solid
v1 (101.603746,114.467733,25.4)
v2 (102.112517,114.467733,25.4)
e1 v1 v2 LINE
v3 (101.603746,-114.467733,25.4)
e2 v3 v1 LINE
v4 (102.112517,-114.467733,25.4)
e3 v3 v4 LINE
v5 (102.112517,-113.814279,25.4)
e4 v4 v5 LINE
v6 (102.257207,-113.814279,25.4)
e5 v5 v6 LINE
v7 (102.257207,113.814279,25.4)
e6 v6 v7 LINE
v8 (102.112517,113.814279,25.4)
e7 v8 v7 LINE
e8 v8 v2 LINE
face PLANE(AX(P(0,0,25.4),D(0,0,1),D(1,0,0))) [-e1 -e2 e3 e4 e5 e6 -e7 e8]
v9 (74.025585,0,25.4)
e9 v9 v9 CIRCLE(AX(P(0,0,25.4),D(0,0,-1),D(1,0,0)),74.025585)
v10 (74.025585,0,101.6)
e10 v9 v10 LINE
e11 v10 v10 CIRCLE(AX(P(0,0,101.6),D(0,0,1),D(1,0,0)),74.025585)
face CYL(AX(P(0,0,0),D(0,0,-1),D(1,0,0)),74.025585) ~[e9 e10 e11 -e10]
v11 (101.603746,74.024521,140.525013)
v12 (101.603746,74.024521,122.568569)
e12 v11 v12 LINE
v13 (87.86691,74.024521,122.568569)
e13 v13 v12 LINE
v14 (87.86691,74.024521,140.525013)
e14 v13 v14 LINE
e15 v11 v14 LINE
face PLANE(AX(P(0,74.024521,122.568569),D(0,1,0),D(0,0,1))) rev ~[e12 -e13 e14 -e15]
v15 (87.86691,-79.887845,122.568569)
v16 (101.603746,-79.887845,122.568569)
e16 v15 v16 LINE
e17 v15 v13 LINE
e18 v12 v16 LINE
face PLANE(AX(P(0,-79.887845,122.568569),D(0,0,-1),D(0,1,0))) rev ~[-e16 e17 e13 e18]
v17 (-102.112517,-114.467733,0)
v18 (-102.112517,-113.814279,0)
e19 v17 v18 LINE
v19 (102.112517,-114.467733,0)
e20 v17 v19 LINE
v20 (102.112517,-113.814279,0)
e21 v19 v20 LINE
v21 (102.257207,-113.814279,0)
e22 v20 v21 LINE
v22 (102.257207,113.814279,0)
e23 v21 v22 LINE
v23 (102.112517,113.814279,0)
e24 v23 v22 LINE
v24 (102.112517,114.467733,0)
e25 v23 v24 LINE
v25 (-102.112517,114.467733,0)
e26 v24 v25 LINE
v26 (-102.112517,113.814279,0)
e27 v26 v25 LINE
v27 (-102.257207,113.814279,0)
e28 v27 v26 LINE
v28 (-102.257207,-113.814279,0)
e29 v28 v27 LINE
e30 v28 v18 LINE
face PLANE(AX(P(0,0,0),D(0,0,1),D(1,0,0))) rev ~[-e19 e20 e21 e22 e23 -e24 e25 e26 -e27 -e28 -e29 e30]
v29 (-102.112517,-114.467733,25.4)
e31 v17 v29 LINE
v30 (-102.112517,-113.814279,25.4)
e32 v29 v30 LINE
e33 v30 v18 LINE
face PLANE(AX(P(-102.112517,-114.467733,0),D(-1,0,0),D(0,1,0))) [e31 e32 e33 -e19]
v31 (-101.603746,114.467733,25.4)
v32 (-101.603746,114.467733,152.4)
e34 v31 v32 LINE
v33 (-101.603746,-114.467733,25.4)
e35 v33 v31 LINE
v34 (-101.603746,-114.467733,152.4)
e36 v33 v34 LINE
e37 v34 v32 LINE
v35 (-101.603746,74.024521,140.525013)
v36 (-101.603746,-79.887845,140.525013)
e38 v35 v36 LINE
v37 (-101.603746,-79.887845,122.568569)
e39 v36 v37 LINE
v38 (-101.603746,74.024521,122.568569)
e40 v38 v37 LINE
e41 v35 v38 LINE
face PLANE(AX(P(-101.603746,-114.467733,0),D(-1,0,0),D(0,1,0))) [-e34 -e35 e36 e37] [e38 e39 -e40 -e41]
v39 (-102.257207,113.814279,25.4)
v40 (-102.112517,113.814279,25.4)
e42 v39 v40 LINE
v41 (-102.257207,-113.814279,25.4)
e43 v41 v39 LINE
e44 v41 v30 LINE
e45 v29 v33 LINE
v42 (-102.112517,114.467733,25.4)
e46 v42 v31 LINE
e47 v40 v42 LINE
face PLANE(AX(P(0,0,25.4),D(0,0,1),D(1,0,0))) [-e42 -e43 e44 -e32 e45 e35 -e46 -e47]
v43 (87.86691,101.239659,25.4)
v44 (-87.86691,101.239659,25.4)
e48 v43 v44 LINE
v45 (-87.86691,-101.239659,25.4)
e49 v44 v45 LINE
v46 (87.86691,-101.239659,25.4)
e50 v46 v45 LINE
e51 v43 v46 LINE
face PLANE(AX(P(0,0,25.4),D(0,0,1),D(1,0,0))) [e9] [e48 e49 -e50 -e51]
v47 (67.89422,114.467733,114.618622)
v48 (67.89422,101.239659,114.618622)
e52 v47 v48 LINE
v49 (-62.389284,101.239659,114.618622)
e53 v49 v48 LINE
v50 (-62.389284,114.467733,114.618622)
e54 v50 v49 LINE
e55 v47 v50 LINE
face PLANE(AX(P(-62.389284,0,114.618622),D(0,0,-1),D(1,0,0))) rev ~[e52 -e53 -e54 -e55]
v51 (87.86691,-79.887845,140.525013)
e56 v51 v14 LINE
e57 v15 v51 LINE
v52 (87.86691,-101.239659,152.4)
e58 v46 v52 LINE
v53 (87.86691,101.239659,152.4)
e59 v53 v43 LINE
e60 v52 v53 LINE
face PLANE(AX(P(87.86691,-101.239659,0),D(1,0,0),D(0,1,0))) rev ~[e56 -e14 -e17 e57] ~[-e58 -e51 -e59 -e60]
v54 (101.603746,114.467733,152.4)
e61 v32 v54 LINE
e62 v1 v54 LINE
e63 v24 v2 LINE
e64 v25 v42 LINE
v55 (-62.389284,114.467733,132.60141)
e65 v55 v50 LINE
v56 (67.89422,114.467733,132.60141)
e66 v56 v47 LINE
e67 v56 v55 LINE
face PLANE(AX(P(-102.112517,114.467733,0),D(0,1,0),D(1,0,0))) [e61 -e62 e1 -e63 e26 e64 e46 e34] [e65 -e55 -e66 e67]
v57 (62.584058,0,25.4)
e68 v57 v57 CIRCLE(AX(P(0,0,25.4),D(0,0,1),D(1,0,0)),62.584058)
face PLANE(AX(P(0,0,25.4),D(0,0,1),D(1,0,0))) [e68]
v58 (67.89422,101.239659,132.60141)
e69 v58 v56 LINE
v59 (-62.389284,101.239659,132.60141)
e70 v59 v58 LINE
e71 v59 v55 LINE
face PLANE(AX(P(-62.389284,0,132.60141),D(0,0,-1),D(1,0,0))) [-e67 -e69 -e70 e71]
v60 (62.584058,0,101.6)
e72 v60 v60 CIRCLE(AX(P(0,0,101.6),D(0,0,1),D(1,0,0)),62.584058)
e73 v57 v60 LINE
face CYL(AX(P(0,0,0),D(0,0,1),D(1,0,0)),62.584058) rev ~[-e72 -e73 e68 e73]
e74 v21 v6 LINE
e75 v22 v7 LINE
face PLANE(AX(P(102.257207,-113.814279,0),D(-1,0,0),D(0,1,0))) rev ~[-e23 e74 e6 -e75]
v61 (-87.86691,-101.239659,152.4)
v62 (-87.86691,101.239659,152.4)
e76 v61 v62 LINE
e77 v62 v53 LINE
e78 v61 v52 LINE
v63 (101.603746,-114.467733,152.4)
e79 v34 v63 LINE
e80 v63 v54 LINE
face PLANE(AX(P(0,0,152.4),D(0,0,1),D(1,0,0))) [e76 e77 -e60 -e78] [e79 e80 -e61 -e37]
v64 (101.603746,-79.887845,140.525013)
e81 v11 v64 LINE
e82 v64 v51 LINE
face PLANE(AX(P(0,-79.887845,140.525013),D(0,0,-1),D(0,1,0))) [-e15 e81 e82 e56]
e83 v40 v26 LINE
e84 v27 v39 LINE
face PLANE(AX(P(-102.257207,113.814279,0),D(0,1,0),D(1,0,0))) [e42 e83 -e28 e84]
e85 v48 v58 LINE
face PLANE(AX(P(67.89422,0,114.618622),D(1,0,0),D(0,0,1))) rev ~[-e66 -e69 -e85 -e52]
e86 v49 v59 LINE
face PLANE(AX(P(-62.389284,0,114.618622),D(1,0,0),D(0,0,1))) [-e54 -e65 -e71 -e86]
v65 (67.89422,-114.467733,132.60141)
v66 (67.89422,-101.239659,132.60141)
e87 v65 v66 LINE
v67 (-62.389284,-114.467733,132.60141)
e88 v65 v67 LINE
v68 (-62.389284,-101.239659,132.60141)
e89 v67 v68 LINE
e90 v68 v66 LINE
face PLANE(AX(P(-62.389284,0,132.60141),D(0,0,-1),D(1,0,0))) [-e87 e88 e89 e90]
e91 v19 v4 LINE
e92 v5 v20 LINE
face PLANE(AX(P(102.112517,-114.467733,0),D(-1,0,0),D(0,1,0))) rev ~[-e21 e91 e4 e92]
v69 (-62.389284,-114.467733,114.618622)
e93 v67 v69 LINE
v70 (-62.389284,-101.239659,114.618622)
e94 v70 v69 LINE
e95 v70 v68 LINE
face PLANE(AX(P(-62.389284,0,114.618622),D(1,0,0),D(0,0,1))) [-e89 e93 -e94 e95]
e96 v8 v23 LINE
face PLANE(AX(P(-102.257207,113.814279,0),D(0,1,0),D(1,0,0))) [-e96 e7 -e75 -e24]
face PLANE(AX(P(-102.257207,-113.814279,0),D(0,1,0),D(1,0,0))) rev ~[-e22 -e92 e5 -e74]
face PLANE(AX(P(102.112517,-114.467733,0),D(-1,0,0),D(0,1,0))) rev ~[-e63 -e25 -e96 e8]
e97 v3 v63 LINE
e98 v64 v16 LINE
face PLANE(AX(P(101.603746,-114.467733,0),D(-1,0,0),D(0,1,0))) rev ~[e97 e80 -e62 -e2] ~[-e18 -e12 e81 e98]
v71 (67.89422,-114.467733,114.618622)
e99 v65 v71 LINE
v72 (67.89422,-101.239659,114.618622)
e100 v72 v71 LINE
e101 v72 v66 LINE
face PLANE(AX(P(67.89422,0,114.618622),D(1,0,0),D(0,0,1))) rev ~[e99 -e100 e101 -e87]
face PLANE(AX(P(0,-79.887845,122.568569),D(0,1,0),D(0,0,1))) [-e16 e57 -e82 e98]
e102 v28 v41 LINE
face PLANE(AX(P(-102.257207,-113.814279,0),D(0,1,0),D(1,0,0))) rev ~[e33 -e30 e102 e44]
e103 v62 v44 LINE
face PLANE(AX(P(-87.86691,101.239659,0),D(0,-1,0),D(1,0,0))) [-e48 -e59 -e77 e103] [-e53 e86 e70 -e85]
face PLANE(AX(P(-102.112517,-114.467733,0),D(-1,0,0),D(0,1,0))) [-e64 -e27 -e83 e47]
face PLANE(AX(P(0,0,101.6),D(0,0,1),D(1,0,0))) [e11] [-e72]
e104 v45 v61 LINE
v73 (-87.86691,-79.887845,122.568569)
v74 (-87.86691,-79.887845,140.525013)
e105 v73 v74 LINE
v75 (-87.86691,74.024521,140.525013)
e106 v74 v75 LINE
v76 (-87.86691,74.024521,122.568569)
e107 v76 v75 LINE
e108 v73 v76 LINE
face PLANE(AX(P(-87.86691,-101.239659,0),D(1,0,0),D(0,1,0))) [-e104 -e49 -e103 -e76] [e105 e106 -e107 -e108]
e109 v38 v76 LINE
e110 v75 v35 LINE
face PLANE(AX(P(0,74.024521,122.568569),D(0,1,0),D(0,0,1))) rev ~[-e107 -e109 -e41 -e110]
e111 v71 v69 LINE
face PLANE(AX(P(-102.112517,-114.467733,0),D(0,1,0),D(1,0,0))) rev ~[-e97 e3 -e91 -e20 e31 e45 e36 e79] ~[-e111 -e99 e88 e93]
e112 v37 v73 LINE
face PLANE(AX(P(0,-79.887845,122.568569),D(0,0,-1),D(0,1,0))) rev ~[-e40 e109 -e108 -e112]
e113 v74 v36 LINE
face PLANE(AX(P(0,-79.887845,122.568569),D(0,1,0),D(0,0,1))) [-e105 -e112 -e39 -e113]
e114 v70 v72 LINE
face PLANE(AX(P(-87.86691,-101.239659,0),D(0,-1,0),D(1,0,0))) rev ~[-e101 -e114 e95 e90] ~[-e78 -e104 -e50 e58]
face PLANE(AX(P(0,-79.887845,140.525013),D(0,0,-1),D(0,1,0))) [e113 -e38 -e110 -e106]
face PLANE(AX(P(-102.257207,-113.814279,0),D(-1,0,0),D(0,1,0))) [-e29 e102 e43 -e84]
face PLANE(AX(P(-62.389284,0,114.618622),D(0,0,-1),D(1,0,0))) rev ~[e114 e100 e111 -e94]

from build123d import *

# Parameters (mm, degrees)
F0_W      = 203.207492
F0_H      = 228.935466
F1_DEPTH  = 152.4
F2_W      = 175.73382
F2_H      = 202.479318
F3_DEPTH  = 1270
F4_W      = 204.225034
F4_H      = 228.935466
F5_DEPTH  = 25.4
F6_R      = 74.025585
F7_DEPTH  = 101.6
F8_R      = 62.584058
F9_DEPTH  = 12700
F10_W     = 204.514414
F10_H     = 227.628558
F11_DEPTH = 25.4
F12_W     = 130.283504
F12_H     = 17.982788
F13_DEPTH = 12700
F14_W     = 153.912366
F14_H     = 17.956443
F15_DEPTH = 127000


with BuildPart() as f1:
    # F0 (on Top) → F1 (new body)
    with BuildSketch(Plane.XY):
        Rectangle(F0_W, F0_H)
    extrude(amount=F1_DEPTH)

    # F2 (on Top) → F3 (cut, symmetric)
    with BuildSketch(Plane.XY):
        Rectangle(F2_W, F2_H)
    extrude(amount=F3_DEPTH, both=True, mode=Mode.SUBTRACT)

    # F4 (on Top) → F5 (join)
    with BuildSketch(Plane.XY):
        Rectangle(F4_W, F4_H)
    extrude(amount=F5_DEPTH)

    # F6 (on Top) → F7 (join)
    with BuildSketch(Plane.XY):
        Circle(F6_R)
    extrude(amount=F7_DEPTH)

    # F8 (on Top) → F9 (cut, symmetric)
    with BuildSketch(Plane.XY):
        Circle(F8_R)
    extrude(amount=F9_DEPTH, both=True, mode=Mode.SUBTRACT)

    # F10 (on Top) → F11 (join)
    with BuildSketch(Plane.XY):
        Rectangle(F10_W, F10_H)
    extrude(amount=F11_DEPTH)

    # F12 (on Front) → F13 (cut, symmetric)
    with BuildSketch(Plane.XZ):
        with Locations((2.752468, 123.610016)):
            Rectangle(F12_W, F12_H)
    extrude(amount=F13_DEPTH, both=True, mode=Mode.SUBTRACT)

    # F14 (on Right) → F15 (cut, symmetric)
    with BuildSketch(Plane.YZ):
        with Locations((-2.931662, 131.546791)):
            Rectangle(F14_W, F14_H)
    extrude(amount=F15_DEPTH, both=True, mode=Mode.SUBTRACT)


solid = f1.part
